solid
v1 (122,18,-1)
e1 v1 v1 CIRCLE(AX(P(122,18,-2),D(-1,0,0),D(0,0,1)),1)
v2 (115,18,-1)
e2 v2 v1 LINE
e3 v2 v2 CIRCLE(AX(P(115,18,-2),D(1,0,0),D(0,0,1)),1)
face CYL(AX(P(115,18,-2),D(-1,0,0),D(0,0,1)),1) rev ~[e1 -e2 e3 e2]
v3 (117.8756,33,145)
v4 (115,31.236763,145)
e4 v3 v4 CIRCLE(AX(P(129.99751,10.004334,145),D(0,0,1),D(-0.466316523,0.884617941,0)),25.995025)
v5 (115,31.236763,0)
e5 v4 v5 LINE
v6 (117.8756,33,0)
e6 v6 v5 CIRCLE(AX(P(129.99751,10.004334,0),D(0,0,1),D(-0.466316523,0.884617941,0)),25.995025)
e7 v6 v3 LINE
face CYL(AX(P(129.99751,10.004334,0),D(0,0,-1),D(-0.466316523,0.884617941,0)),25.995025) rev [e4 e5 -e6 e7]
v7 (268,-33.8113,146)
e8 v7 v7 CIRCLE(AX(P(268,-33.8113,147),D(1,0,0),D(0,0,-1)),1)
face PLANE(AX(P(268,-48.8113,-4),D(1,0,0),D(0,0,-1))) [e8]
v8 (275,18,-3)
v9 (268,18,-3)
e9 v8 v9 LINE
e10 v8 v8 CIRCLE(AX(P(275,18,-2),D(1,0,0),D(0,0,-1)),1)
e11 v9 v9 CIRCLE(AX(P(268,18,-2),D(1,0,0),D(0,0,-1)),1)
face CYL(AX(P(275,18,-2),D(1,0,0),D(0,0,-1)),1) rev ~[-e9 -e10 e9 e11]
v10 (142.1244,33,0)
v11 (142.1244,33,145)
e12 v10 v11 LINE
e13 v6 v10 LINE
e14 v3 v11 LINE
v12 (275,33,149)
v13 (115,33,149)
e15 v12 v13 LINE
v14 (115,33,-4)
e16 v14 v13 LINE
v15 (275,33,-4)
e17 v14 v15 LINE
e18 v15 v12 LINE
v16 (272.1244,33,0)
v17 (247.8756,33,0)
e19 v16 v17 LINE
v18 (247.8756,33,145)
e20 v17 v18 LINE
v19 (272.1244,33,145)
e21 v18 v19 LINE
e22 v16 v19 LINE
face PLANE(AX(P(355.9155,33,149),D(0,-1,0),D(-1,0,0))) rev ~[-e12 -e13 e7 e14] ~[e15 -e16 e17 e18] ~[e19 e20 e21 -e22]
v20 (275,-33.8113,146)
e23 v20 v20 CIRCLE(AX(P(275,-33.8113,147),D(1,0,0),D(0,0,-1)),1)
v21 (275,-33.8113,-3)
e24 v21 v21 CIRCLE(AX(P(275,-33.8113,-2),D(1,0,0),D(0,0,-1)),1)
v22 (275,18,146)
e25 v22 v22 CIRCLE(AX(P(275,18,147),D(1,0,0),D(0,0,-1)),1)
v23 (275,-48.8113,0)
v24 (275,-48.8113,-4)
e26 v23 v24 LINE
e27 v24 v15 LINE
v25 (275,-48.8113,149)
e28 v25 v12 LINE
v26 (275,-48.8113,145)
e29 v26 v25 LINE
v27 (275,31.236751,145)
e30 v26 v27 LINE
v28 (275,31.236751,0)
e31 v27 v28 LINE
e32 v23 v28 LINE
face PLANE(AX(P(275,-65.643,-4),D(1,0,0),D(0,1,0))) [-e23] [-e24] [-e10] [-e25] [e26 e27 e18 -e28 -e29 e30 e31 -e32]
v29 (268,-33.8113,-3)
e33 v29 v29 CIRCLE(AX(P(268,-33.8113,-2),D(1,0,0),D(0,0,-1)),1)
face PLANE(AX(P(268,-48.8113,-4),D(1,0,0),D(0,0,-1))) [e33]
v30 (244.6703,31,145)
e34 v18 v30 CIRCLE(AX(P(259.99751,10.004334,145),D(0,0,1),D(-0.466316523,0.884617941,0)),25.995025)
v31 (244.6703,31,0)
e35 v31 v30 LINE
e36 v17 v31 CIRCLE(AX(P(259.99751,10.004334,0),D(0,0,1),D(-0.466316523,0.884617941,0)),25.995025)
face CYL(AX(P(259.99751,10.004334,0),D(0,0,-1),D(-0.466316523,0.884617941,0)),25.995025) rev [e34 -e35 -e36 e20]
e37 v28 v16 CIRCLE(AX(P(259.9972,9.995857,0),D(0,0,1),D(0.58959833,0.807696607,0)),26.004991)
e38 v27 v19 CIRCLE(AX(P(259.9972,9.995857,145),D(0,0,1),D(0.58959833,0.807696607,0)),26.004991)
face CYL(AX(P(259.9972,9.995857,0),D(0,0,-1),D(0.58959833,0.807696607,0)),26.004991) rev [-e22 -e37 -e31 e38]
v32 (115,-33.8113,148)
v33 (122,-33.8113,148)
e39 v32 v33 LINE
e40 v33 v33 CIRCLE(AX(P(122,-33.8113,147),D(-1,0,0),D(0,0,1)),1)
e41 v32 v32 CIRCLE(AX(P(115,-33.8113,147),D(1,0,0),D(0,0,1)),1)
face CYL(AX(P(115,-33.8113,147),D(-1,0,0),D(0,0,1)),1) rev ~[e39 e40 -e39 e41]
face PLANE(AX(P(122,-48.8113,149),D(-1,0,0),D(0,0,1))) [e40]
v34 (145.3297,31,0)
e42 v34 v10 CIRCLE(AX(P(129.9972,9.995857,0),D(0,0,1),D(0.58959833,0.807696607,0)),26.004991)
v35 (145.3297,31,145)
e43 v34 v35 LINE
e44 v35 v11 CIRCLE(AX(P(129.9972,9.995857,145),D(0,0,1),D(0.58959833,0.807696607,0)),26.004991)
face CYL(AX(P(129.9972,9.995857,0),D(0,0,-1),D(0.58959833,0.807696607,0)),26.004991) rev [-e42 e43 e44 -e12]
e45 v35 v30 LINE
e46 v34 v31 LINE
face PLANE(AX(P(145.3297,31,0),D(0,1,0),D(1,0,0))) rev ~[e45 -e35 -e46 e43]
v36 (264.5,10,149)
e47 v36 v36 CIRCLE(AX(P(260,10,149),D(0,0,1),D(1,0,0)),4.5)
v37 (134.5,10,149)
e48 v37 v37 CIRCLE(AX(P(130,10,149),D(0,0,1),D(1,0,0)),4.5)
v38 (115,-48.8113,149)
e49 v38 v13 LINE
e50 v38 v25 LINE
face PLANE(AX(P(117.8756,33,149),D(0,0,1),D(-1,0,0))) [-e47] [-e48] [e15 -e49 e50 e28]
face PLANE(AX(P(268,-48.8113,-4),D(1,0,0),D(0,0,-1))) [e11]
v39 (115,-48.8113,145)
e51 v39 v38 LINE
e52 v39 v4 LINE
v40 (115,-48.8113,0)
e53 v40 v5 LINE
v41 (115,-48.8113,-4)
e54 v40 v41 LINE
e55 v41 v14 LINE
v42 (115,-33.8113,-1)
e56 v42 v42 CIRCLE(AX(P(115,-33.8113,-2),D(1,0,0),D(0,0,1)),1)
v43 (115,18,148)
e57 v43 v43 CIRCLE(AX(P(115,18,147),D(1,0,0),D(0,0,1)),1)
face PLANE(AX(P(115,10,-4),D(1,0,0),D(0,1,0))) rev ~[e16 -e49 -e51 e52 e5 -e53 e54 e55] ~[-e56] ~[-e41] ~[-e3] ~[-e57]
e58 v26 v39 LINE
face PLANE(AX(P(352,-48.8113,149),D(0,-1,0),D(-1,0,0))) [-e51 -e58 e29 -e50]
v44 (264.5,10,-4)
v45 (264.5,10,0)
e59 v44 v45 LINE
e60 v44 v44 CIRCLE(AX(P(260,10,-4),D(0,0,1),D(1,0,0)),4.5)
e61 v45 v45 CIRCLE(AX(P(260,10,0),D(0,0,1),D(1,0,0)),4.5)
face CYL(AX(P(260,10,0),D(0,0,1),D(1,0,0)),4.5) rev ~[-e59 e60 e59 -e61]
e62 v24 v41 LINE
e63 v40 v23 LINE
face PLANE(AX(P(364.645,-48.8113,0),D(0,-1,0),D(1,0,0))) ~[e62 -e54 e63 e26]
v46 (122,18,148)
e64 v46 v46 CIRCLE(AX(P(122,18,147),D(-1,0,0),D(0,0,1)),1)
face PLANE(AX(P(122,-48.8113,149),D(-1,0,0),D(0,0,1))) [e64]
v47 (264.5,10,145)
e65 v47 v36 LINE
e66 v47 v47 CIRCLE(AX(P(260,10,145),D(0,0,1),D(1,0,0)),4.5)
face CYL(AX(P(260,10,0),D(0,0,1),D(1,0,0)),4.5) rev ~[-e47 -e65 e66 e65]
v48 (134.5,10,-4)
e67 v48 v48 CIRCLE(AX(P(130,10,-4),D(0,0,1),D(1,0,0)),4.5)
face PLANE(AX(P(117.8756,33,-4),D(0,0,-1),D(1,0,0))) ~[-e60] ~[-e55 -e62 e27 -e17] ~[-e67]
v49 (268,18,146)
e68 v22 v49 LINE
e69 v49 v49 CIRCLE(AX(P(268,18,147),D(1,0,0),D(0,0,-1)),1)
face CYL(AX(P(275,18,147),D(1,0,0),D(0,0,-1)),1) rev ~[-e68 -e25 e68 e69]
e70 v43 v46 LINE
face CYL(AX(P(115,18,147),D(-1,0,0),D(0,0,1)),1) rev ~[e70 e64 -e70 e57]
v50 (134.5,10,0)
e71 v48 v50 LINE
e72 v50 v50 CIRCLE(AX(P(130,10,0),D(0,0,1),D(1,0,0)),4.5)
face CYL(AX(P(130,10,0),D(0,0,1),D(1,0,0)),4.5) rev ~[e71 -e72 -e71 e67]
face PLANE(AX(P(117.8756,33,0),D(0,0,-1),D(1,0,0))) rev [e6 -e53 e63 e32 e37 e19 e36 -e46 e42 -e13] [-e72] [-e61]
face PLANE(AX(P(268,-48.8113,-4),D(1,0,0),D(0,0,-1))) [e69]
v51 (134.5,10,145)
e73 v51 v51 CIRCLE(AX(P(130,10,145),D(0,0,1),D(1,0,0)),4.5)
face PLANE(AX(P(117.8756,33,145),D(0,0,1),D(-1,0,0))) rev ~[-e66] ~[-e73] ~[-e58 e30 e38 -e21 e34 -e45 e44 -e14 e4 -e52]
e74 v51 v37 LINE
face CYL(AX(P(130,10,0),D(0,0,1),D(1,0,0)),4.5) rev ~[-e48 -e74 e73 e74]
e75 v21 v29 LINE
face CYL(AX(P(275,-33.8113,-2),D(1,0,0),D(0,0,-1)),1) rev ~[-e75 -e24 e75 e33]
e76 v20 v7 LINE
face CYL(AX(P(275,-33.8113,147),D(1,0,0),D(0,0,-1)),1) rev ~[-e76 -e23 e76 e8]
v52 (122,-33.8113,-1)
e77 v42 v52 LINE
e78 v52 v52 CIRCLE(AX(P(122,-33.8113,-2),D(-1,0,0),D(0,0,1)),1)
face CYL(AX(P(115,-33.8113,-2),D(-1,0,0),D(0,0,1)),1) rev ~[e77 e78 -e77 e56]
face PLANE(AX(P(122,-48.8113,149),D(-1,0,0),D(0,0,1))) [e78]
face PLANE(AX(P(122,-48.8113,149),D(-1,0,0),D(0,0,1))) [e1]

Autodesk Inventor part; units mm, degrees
sketch "Szkic1" plane through (0, 0, 0) normal (0, 0, 1) x (1, 0, 0)
  arc A0 (0, 35) -> (0, -35) centre (0, 0) ccw construction
  line L0 (0, 35) -> (390, 35) construction
  line L1 (0, -35) -> (390, -35) construction
  arc A1 (390, -35) -> (390, 35) centre (390, 0) ccw construction
  circle A2 centre (0, 0) radius 4.5
  circle A3 centre (390, 0) radius 4.5
  line L2 (130, 35) -> (130, 10) construction
  line L3 (260, 35) -> (260, 10) construction
  circle A4 centre (130, 10) radius 25 construction
  circle A5 centre (260, 10) radius 25 construction
  circle A6 centre (130, 10) radius 4.5
  circle A7 centre (260, 10) radius 4.5
  circle A8 centre (0, 0) radius 35 construction
  circle A9 centre (390, 0) radius 35 construction
  line L4 (117.8756, 33) -> (31.8551, 33)
  line L5 (375.6125, 33) -> (272.1244, 33)
  line L6 (247.8756, 33) -> (142.1244, 33)
  line L7 (31.8551, 31) -> (114.6703, 31)
  line L8 (145.3297, 31) -> (244.6703, 31)
  line L9 (275.3297, 31) -> (371.697, 31)
  arc A10 (375.6125, 33) -> (371.697, 31) centre (390, 0) ccw
  arc A11 (117.8756, 33) -> (114.6703, 31) centre (130, 10) ccw
  arc A12 (145.3297, 31) -> (142.1244, 33) centre (130, 10) ccw
  arc A13 (247.8756, 33) -> (244.6703, 31) centre (260, 10) ccw
  arc A14 (275.3297, 31) -> (272.1244, 33) centre (260, 10) ccw
  line L10 (31.8551, 14.5) -> (31.8551, 35) construction
  line L11 (31.8551, 33) -> (31.8551, 31)
  line L12 (260, 10) -> (260, 0)
  line L13 (130, 10) -> (130, 0)
  point P0 (423.5971, -9.8098)
  dimension "d94" = 50
  dimension "d0" = 70
  dimension "d1" = 390
  dimension "d2" = 390
  dimension "d3" = 70
  dimension "d4" = 9
  dimension "d5" = 9
  dimension "d10" = 25
  dimension "d11" = 25
  dimension "d12" = 9
  dimension "d13" = 9
  dimension "d14" = 130
  dimension "d15" = 260
  dimension "d24" = 2
  dimension "d25" = 2
  dimension "d26" = 2
  dimension "d27" = 1
  dimension "d95" = 2
extrude "Wyciągnięcie proste1" add sketch "Szkic1" along normal blind 145 contours A11 L7 L11 L4 | A10 L9 A14 L5 | A13 L8 A12 L6
ref_plane "Płaszczyzna konstrukcyjna1" through (117.8756, 33, 145) normal (0, 0, 1) x (-1, 0, 0)
sketch "Szkic3" plane through (117.8756, 33, 145) normal (0, 0, 1) x (-1, 0, 0)
  circle A0 centre (117.8756, 33) radius 4.5 projected
  arc A1 (133.7659, 28.5) -> (133.7659, 37.5) centre (133.7659, 33) ccw
  arc A2 (98.6659, 37.5) -> (98.6659, 28.5) centre (98.6659, 33) ccw
  line L0 (133.7659, 28.5) -> (98.6659, 28.5)
  line L1 (98.6659, 37.5) -> (133.7659, 37.5)
  line L2 (98.6659, 18.5) -> (133.7659, 18.5)
  arc A3 (133.7659, 18.5) -> (133.7659, 47.5) centre (133.7659, 33) ccw
  line L3 (133.7659, 47.5) -> (98.6659, 47.5)
  line L4 (86.0205, 18.5) -> (86.0205, -2) construction
  line L5 (98.6659, 18.5) -> (86.0205, 18.5)
  line L6 (98.6659, 47.5) -> (86.0205, 47.5)
  line L7 (86.0205, 0) -> (86.0205, 2) projected
  line L8 (86.0205, 18.5) -> (86.0205, 0)
  line L9 (98.6659, 47.5) -> (98.6659, 81.8113)
  line L10 (98.6659, 81.8113) -> (-234.1244, 81.8113)
  line L11 (-157.4541, 2) -> (-253.8214, 2) projected
  line L12 (86.0205, 0) -> (86.0205, 2)
  line L13 (-257.7369, 0) -> (-154.2487, 0) projected
  line L14 (86.0205, 0) -> (-238.0399, 0)
  circle A4 centre (-272.1244, 33) radius 35 construction
  line L15 (-234.1244, 2) -> (-234.1244, 18.5)
  line L16 (-234.1244, 2) -> (-238.0399, 0)
  line L17 (-246.7694, 47.5) -> (-246.7694, 81.8113)
  line L18 (-246.7694, 81.8113) -> (-234.1244, 81.8113)
  line L19 (-303.9795, 47.5) -> (-409.6259, 47.5) construction
  line L20 (-234.1244, 47.5) -> (-246.7694, 47.5)
  line L21 (-234.1244, 18.5) -> (-281.8694, 18.5)
  line L22 (-246.7694, 47.5) -> (-281.8694, 47.5)
  arc A5 (-281.8694, 47.5) -> (-281.8694, 18.5) centre (-281.8694, 33) ccw
  point P0 (-238.0399, 0)
  dimension "d33" = 9
  dimension "d34" = 9
  dimension "d35" = 10
  dimension "d36" = 47.7454
  dimension "d37" = 12.6455
  dimension "d38" = 12.6455
  dimension "d39" = 12.6455
  dimension "d40" = 0
  dimension "d64" = 47.745
  dimension "d93" = 16.5
extrude "Wyciągnięcie proste2" add sketch "Szkic3" along normal blind 4
ref_plane "Płaszczyzna konstrukcyjna4" through (117.8756, 33, 72.5) normal (0, 0, -1) x (-1, 0, 0)
mirror "Odbij2" about plane through (117.8756, 33, 72.5) normal (0, 0, -1) of "Wyciągnięcie proste2"
extrude "Wyciągnięcie proste4" cut sketch "Szkic1" along normal mid plane 10000 contours A6 | A7
sketch "Szkic8" plane through (0, 0, 145) normal (0, 0, 1) x (1, 0, 0)
  line L0 (352, 31) -> (371.697, 31) projected
  line L1 (352, 31) -> (355.9155, 33) projected
  line L2 (352, 31) -> (355.9155, 33)
  line L3 (375.6125, 33) -> (355.9155, 33) projected
  line L4 (355.9155, 33) -> (375.6125, 33)
  arc A0 (375.6125, 33) -> (371.697, 31) centre (390, 0) ccw projected
  line L5 (375.6125, 33) -> (371.697, 31)
  line L6 (352, 14.5) -> (352, 31) projected
  line L7 (371.697, 31) -> (352, 31)
  point P0 (0, 0)
  point P1 (352, -48.8113)
ref_plane "Płaszczyzna konstrukcyjna6" through (0, 0, 72.5) normal (0, 0, 1) x (1, 0, 0)
extrude "Wyciągnięcie proste5" cut sketch "Szkic8" along normal mid plane 1000 contours L1 L3 A0 L0
ref_plane "Płaszczyzna konstrukcyjna9" through (117.8756, 33, 149) normal (0, 0, 1) x (1, 0, 0)
sketch "Szkic12" plane through (117.8756, 33, 149) normal (0, 0, 1) x (1, 0, 0)
  line L0 (281.8694, -18.5) -> (234.1244, -18.5) projected
  arc A0 (281.8694, -47.5) -> (281.8694, -18.5) centre (281.8694, -33) ccw projected
  line L1 (246.7694, -47.5) -> (281.8694, -47.5) projected
  line L2 (246.7694, -81.8113) -> (246.7694, -47.5) projected
  line L3 (234.1244, -2) -> (234.1244, -81.8113) projected
  line L4 (-98.6659, -81.8113) -> (246.7694, -81.8113) projected
  point P0 (-117.8756, -33)
extrude "Wyciągnięcie proste7" cut sketch "Szkic12" against normal blind 17
extrude "Wyciągnięcie proste8" cut sketch "Szkic1" against normal blind 17 contours A3
ref_plane "Płaszczyzna konstrukcyjna10" through (117.8756, 33, 149) normal (0, 0, 1) x (1, 0, 0)
sketch "Szkic13" plane through (117.8756, 33, 149) normal (0, 0, 1) x (1, 0, 0)
  line L0 (234.1244, -81.8113) -> (234.1244, -2) projected
  line L1 (232.1244, -81.8113) -> (232.1244, -2)
  line L2 (234.1244, -2) -> (238.0399, 0) projected
  line L3 (238.0399, 0) -> (236.0399, 0)
  line L4 (238.0399, 0) -> (-86.0205, 0) projected
  line L5 (236.0399, 0) -> (232.1244, -2)
  line L6 (238.0399, 0) -> (234.1244, -2)
  line L7 (234.1244, -81.8113) -> (232.1244, -81.8113)
  line L8 (-98.6659, -81.8113) -> (246.7694, -81.8113) projected
  point P0 (-117.8756, -33)
  dimension "d70" = 2
  dimension "d71" = 2
extrude "Wyciągnięcie proste9" add sketch "Szkic13" along normal blind 17
ref_plane "Płaszczyzna konstrukcyjna11" through (117.8756, 33, 166) normal (0, 0, 1) x (1, 0, 0)
sketch "Szkic14" plane through (117.8756, 33, 166) normal (0, 0, 1) x (1, 0, 0)
  line L0 (232.1244, -81.8113) -> (234.1244, -81.8113) projected
  line L1 (-98.6659, -81.8113) -> (246.7694, -81.8113) projected
  line L2 (232.1244, -81.8113) -> (246.7694, -81.8113)
  line L3 (246.7694, -81.8113) -> (246.7694, -47.5) projected
  line L4 (246.7694, -81.8113) -> (246.7694, -47.5)
  line L5 (246.7694, -47.5) -> (281.8694, -47.5) projected
  line L6 (246.7694, -47.5) -> (281.8694, -47.5)
  line L7 (281.8694, -18.5) -> (234.1244, -18.5) projected
  line L8 (234.1244, -81.8113) -> (234.1244, -2) projected
  arc A0 (281.8694, -47.5) -> (281.8694, -18.5) centre (281.8694, -33) ccw projected
  circle A1 centre (272.1244, -33) radius 4.5 projected
  line L9 (232.1244, -2) -> (232.1244, -81.8113) projected
  line L10 (236.0399, 0) -> (232.1244, -2) projected
  line L11 (238.0399, 0) -> (236.0399, 0) projected
  line L12 (234.1244, -2) -> (238.0399, 0) projected
  point P0 (-117.8756, -33)
extrude "Wyciągnięcie proste10" add sketch "Szkic14" along normal blind 4
ref_plane "Płaszczyzna konstrukcyjna12" through (364.645, -48.8113, -4) normal (0, 0, -1) x (-1, 0, 0)
sketch "Szkic15" plane through (364.645, -48.8113, -4) normal (0, 0, -1) x (-1, 0, 0)
  line L0 (332.7899, 63.3113) -> (322.7899, 63.3113)
  line L1 (322.7899, 63.3113) -> (322.7899, 34.3113)
  line L2 (322.7899, 34.3113) -> (332.7899, 34.3113)
  line L3 (332.7899, 34.3113) -> (332.7899, 63.3113)
  point P0 (364.645, 48.8113)
  dimension "d78" = 10
extrude "Wyciągnięcie proste11" add sketch "Szkic15" along normal blind 14.44
ref_plane "Płaszczyzna konstrukcyjna13" through (117.8756, 33, 149) normal (0, 0, 1) x (1, 0, 0)
sketch "Szkic16" plane through (117.8756, 33, 149) normal (0, 0, 1) x (1, 0, 0)
  line L0 (-86.0205, -18.5) -> (-133.7659, -18.5) projected
  line L1 (-86.0205, -47.5) -> (-76.0205, -47.5) projected
  line L2 (-86.0205, -18.5) -> (-76.0205, -18.5)
  line L3 (-76.0205, -18.5) -> (-76.0205, -47.5)
  line L4 (-76.0205, -47.5) -> (-86.0205, -47.5)
  line L5 (-86.0205, -47.5) -> (-86.0205, -18.5)
  point P0 (-117.8756, -33)
  point P1 (-86.0205, -47.5)
  dimension "d82" = 10
extrude "Wyciągnięcie proste12" add sketch "Szkic16" along normal blind 14.44
ref_plane "Płaszczyzna konstrukcyjna14" through (31.8551, -14.5, -4) normal (-1, 0, 0) x (0, 0, 1)
sketch "Szkic17" plane through (31.8551, -14.5, -4) normal (-1, 0, 0) x (0, 0, 1)
  line L0 (4, 0) -> (4, 29) projected
  line L1 (4, 19) -> (-14.44, 19)
  line L2 (-14.44, 29) -> (-14.44, 0) projected
  line L3 (4, 10) -> (0, 10) projected
  line L4 (4, 10) -> (-12.44, 10)
  line L5 (4, 18.5) -> (-12.44, 18.5)
  line L6 (-12.44, 18.5) -> (-4.44, 18.5)
  line L7 (-4.44, 18.5) -> (-4.44, 10.5)
  line L8 (-4.44, 10.5) -> (-12.44, 10.5)
  line L9 (-12.44, 10.5) -> (-12.44, 18.5)
  circle A0 centre (-8.44, 14.5) radius 2.5
  point P0 (4, 14.5)
  dimension "d86" = 9
  dimension "d87" = 0.5
  dimension "d88" = 8
  dimension "d89" = 8
  dimension "d90" = 5
extrude "Wyciągnięcie proste13" cut sketch "Szkic17" against normal through all contours A0
mirror "Odbij3" about plane through (117.8756, 33, 72.5) normal (0, 0, -1) of "Wyciągnięcie proste13"
ref_plane "Płaszczyzna konstrukcyjna15" through (364.645, -48.8113, -4) normal (0, 0, -1) x (-1, 0, 0)
sketch "Szkic19" plane through (364.645, -48.8113, -4) normal (0, 0, -1) x (-1, 0, 0)
  circle A0 centre (234.645, 58.8113) radius 4.5 projected
  line L0 (234.645, 58.8113) -> (249.645, 58.8113)
  circle A1 centre (104.645, 58.8113) radius 4.5 projected
  line L1 (104.645, 58.8113) -> (89.645, 58.8113)
  line L2 (89.645, 101.2973) -> (-85.4155, 101.2973)
  line L3 (-85.4155, 101.2973) -> (-85.4155, -16.8317)
  line L4 (-85.4155, -16.8317) -> (89.645, -16.8317)
  line L5 (89.645, -16.8317) -> (89.645, 101.2973)
  line L6 (249.645, 101.2973) -> (438.4161, 101.2973)
  line L7 (438.4161, 101.2973) -> (438.4161, -28.5413)
  line L8 (438.4161, -28.5413) -> (249.645, -28.5413)
  line L9 (249.645, -28.5413) -> (249.645, 101.2973)
  point P0 (364.645, 48.8113)
  dimension "d99" = 15
  dimension "d100" = 15
extrude "Wyciągnięcie proste14" cut sketch "Szkic19" along normal mid plane 682 contours L9 L6 L7 L8 | L5 L4 L3 L2
ref_plane "Płaszczyzna konstrukcyjna17" through (115, -48.8113, 149) normal (-1, 0, 0) x (0, 0, 1)
sketch "Szkic21" plane through (115, -48.8113, 149) normal (-1, 0, 0) x (0, 0, 1)
  line L0 (-149, 0) -> (-153, 0) projected
  line L1 (-151, 0) -> (-151, 15)
  line L2 (0, 0) -> (-4, 0) projected
  line L3 (-2, 0) -> (-2, 15)
  line L4 (0, 81.8113) -> (0, 0) projected
  line L5 (0, 81.8113) -> (-153, 81.8113) projected
  line L6 (-2, 81.8113) -> (-2, 66.8113)
  line L7 (-151, 81.8113) -> (-151, 66.8113)
  circle A0 centre (-151, 66.8113) radius 1
  circle A1 centre (-2, 66.8113) radius 1
  circle A2 centre (-2, 15) radius 1
  circle A3 centre (-151, 15) radius 1
  point P0 (-149, 48.8113)
  dimension "d112" = 15
  dimension "d113" = 15
  dimension "d114" = 15
  dimension "d115" = 2
  dimension "d116" = 2
  dimension "d117" = 2
  dimension "d118" = 2
extrude "Wyciągnięcie proste15" cut sketch "Szkic21" against normal blind 7
ref_plane "Płaszczyzna konstrukcyjna18" through (275, -48.8113, -4) normal (1, 0, 0) x (0, 0, -1)
sketch "Szkic22" plane through (275, -48.8113, -4) normal (1, 0, 0) x (0, 0, -1)
  circle A0 centre (-151, 66.8113) radius 1 projected
  circle A1 centre (-151, 15) radius 1 projected
  circle A2 centre (-2, 66.8113) radius 1 projected
  line L0 (-4, 80.0481) -> (-4, 0) projected
  circle A3 centre (-2, 15) radius 1 projected
  point P0 (-4, 48.8113)
extrude "Wyciągnięcie proste16" cut sketch "Szkic22" against normal blind 7
ref_plane "Płaszczyzna konstrukcyjna5" through (117.8756, 33, 72.5) normal (0, 0, -1) x (-1, 0, 0)
properties part number "Podstawacz2"
